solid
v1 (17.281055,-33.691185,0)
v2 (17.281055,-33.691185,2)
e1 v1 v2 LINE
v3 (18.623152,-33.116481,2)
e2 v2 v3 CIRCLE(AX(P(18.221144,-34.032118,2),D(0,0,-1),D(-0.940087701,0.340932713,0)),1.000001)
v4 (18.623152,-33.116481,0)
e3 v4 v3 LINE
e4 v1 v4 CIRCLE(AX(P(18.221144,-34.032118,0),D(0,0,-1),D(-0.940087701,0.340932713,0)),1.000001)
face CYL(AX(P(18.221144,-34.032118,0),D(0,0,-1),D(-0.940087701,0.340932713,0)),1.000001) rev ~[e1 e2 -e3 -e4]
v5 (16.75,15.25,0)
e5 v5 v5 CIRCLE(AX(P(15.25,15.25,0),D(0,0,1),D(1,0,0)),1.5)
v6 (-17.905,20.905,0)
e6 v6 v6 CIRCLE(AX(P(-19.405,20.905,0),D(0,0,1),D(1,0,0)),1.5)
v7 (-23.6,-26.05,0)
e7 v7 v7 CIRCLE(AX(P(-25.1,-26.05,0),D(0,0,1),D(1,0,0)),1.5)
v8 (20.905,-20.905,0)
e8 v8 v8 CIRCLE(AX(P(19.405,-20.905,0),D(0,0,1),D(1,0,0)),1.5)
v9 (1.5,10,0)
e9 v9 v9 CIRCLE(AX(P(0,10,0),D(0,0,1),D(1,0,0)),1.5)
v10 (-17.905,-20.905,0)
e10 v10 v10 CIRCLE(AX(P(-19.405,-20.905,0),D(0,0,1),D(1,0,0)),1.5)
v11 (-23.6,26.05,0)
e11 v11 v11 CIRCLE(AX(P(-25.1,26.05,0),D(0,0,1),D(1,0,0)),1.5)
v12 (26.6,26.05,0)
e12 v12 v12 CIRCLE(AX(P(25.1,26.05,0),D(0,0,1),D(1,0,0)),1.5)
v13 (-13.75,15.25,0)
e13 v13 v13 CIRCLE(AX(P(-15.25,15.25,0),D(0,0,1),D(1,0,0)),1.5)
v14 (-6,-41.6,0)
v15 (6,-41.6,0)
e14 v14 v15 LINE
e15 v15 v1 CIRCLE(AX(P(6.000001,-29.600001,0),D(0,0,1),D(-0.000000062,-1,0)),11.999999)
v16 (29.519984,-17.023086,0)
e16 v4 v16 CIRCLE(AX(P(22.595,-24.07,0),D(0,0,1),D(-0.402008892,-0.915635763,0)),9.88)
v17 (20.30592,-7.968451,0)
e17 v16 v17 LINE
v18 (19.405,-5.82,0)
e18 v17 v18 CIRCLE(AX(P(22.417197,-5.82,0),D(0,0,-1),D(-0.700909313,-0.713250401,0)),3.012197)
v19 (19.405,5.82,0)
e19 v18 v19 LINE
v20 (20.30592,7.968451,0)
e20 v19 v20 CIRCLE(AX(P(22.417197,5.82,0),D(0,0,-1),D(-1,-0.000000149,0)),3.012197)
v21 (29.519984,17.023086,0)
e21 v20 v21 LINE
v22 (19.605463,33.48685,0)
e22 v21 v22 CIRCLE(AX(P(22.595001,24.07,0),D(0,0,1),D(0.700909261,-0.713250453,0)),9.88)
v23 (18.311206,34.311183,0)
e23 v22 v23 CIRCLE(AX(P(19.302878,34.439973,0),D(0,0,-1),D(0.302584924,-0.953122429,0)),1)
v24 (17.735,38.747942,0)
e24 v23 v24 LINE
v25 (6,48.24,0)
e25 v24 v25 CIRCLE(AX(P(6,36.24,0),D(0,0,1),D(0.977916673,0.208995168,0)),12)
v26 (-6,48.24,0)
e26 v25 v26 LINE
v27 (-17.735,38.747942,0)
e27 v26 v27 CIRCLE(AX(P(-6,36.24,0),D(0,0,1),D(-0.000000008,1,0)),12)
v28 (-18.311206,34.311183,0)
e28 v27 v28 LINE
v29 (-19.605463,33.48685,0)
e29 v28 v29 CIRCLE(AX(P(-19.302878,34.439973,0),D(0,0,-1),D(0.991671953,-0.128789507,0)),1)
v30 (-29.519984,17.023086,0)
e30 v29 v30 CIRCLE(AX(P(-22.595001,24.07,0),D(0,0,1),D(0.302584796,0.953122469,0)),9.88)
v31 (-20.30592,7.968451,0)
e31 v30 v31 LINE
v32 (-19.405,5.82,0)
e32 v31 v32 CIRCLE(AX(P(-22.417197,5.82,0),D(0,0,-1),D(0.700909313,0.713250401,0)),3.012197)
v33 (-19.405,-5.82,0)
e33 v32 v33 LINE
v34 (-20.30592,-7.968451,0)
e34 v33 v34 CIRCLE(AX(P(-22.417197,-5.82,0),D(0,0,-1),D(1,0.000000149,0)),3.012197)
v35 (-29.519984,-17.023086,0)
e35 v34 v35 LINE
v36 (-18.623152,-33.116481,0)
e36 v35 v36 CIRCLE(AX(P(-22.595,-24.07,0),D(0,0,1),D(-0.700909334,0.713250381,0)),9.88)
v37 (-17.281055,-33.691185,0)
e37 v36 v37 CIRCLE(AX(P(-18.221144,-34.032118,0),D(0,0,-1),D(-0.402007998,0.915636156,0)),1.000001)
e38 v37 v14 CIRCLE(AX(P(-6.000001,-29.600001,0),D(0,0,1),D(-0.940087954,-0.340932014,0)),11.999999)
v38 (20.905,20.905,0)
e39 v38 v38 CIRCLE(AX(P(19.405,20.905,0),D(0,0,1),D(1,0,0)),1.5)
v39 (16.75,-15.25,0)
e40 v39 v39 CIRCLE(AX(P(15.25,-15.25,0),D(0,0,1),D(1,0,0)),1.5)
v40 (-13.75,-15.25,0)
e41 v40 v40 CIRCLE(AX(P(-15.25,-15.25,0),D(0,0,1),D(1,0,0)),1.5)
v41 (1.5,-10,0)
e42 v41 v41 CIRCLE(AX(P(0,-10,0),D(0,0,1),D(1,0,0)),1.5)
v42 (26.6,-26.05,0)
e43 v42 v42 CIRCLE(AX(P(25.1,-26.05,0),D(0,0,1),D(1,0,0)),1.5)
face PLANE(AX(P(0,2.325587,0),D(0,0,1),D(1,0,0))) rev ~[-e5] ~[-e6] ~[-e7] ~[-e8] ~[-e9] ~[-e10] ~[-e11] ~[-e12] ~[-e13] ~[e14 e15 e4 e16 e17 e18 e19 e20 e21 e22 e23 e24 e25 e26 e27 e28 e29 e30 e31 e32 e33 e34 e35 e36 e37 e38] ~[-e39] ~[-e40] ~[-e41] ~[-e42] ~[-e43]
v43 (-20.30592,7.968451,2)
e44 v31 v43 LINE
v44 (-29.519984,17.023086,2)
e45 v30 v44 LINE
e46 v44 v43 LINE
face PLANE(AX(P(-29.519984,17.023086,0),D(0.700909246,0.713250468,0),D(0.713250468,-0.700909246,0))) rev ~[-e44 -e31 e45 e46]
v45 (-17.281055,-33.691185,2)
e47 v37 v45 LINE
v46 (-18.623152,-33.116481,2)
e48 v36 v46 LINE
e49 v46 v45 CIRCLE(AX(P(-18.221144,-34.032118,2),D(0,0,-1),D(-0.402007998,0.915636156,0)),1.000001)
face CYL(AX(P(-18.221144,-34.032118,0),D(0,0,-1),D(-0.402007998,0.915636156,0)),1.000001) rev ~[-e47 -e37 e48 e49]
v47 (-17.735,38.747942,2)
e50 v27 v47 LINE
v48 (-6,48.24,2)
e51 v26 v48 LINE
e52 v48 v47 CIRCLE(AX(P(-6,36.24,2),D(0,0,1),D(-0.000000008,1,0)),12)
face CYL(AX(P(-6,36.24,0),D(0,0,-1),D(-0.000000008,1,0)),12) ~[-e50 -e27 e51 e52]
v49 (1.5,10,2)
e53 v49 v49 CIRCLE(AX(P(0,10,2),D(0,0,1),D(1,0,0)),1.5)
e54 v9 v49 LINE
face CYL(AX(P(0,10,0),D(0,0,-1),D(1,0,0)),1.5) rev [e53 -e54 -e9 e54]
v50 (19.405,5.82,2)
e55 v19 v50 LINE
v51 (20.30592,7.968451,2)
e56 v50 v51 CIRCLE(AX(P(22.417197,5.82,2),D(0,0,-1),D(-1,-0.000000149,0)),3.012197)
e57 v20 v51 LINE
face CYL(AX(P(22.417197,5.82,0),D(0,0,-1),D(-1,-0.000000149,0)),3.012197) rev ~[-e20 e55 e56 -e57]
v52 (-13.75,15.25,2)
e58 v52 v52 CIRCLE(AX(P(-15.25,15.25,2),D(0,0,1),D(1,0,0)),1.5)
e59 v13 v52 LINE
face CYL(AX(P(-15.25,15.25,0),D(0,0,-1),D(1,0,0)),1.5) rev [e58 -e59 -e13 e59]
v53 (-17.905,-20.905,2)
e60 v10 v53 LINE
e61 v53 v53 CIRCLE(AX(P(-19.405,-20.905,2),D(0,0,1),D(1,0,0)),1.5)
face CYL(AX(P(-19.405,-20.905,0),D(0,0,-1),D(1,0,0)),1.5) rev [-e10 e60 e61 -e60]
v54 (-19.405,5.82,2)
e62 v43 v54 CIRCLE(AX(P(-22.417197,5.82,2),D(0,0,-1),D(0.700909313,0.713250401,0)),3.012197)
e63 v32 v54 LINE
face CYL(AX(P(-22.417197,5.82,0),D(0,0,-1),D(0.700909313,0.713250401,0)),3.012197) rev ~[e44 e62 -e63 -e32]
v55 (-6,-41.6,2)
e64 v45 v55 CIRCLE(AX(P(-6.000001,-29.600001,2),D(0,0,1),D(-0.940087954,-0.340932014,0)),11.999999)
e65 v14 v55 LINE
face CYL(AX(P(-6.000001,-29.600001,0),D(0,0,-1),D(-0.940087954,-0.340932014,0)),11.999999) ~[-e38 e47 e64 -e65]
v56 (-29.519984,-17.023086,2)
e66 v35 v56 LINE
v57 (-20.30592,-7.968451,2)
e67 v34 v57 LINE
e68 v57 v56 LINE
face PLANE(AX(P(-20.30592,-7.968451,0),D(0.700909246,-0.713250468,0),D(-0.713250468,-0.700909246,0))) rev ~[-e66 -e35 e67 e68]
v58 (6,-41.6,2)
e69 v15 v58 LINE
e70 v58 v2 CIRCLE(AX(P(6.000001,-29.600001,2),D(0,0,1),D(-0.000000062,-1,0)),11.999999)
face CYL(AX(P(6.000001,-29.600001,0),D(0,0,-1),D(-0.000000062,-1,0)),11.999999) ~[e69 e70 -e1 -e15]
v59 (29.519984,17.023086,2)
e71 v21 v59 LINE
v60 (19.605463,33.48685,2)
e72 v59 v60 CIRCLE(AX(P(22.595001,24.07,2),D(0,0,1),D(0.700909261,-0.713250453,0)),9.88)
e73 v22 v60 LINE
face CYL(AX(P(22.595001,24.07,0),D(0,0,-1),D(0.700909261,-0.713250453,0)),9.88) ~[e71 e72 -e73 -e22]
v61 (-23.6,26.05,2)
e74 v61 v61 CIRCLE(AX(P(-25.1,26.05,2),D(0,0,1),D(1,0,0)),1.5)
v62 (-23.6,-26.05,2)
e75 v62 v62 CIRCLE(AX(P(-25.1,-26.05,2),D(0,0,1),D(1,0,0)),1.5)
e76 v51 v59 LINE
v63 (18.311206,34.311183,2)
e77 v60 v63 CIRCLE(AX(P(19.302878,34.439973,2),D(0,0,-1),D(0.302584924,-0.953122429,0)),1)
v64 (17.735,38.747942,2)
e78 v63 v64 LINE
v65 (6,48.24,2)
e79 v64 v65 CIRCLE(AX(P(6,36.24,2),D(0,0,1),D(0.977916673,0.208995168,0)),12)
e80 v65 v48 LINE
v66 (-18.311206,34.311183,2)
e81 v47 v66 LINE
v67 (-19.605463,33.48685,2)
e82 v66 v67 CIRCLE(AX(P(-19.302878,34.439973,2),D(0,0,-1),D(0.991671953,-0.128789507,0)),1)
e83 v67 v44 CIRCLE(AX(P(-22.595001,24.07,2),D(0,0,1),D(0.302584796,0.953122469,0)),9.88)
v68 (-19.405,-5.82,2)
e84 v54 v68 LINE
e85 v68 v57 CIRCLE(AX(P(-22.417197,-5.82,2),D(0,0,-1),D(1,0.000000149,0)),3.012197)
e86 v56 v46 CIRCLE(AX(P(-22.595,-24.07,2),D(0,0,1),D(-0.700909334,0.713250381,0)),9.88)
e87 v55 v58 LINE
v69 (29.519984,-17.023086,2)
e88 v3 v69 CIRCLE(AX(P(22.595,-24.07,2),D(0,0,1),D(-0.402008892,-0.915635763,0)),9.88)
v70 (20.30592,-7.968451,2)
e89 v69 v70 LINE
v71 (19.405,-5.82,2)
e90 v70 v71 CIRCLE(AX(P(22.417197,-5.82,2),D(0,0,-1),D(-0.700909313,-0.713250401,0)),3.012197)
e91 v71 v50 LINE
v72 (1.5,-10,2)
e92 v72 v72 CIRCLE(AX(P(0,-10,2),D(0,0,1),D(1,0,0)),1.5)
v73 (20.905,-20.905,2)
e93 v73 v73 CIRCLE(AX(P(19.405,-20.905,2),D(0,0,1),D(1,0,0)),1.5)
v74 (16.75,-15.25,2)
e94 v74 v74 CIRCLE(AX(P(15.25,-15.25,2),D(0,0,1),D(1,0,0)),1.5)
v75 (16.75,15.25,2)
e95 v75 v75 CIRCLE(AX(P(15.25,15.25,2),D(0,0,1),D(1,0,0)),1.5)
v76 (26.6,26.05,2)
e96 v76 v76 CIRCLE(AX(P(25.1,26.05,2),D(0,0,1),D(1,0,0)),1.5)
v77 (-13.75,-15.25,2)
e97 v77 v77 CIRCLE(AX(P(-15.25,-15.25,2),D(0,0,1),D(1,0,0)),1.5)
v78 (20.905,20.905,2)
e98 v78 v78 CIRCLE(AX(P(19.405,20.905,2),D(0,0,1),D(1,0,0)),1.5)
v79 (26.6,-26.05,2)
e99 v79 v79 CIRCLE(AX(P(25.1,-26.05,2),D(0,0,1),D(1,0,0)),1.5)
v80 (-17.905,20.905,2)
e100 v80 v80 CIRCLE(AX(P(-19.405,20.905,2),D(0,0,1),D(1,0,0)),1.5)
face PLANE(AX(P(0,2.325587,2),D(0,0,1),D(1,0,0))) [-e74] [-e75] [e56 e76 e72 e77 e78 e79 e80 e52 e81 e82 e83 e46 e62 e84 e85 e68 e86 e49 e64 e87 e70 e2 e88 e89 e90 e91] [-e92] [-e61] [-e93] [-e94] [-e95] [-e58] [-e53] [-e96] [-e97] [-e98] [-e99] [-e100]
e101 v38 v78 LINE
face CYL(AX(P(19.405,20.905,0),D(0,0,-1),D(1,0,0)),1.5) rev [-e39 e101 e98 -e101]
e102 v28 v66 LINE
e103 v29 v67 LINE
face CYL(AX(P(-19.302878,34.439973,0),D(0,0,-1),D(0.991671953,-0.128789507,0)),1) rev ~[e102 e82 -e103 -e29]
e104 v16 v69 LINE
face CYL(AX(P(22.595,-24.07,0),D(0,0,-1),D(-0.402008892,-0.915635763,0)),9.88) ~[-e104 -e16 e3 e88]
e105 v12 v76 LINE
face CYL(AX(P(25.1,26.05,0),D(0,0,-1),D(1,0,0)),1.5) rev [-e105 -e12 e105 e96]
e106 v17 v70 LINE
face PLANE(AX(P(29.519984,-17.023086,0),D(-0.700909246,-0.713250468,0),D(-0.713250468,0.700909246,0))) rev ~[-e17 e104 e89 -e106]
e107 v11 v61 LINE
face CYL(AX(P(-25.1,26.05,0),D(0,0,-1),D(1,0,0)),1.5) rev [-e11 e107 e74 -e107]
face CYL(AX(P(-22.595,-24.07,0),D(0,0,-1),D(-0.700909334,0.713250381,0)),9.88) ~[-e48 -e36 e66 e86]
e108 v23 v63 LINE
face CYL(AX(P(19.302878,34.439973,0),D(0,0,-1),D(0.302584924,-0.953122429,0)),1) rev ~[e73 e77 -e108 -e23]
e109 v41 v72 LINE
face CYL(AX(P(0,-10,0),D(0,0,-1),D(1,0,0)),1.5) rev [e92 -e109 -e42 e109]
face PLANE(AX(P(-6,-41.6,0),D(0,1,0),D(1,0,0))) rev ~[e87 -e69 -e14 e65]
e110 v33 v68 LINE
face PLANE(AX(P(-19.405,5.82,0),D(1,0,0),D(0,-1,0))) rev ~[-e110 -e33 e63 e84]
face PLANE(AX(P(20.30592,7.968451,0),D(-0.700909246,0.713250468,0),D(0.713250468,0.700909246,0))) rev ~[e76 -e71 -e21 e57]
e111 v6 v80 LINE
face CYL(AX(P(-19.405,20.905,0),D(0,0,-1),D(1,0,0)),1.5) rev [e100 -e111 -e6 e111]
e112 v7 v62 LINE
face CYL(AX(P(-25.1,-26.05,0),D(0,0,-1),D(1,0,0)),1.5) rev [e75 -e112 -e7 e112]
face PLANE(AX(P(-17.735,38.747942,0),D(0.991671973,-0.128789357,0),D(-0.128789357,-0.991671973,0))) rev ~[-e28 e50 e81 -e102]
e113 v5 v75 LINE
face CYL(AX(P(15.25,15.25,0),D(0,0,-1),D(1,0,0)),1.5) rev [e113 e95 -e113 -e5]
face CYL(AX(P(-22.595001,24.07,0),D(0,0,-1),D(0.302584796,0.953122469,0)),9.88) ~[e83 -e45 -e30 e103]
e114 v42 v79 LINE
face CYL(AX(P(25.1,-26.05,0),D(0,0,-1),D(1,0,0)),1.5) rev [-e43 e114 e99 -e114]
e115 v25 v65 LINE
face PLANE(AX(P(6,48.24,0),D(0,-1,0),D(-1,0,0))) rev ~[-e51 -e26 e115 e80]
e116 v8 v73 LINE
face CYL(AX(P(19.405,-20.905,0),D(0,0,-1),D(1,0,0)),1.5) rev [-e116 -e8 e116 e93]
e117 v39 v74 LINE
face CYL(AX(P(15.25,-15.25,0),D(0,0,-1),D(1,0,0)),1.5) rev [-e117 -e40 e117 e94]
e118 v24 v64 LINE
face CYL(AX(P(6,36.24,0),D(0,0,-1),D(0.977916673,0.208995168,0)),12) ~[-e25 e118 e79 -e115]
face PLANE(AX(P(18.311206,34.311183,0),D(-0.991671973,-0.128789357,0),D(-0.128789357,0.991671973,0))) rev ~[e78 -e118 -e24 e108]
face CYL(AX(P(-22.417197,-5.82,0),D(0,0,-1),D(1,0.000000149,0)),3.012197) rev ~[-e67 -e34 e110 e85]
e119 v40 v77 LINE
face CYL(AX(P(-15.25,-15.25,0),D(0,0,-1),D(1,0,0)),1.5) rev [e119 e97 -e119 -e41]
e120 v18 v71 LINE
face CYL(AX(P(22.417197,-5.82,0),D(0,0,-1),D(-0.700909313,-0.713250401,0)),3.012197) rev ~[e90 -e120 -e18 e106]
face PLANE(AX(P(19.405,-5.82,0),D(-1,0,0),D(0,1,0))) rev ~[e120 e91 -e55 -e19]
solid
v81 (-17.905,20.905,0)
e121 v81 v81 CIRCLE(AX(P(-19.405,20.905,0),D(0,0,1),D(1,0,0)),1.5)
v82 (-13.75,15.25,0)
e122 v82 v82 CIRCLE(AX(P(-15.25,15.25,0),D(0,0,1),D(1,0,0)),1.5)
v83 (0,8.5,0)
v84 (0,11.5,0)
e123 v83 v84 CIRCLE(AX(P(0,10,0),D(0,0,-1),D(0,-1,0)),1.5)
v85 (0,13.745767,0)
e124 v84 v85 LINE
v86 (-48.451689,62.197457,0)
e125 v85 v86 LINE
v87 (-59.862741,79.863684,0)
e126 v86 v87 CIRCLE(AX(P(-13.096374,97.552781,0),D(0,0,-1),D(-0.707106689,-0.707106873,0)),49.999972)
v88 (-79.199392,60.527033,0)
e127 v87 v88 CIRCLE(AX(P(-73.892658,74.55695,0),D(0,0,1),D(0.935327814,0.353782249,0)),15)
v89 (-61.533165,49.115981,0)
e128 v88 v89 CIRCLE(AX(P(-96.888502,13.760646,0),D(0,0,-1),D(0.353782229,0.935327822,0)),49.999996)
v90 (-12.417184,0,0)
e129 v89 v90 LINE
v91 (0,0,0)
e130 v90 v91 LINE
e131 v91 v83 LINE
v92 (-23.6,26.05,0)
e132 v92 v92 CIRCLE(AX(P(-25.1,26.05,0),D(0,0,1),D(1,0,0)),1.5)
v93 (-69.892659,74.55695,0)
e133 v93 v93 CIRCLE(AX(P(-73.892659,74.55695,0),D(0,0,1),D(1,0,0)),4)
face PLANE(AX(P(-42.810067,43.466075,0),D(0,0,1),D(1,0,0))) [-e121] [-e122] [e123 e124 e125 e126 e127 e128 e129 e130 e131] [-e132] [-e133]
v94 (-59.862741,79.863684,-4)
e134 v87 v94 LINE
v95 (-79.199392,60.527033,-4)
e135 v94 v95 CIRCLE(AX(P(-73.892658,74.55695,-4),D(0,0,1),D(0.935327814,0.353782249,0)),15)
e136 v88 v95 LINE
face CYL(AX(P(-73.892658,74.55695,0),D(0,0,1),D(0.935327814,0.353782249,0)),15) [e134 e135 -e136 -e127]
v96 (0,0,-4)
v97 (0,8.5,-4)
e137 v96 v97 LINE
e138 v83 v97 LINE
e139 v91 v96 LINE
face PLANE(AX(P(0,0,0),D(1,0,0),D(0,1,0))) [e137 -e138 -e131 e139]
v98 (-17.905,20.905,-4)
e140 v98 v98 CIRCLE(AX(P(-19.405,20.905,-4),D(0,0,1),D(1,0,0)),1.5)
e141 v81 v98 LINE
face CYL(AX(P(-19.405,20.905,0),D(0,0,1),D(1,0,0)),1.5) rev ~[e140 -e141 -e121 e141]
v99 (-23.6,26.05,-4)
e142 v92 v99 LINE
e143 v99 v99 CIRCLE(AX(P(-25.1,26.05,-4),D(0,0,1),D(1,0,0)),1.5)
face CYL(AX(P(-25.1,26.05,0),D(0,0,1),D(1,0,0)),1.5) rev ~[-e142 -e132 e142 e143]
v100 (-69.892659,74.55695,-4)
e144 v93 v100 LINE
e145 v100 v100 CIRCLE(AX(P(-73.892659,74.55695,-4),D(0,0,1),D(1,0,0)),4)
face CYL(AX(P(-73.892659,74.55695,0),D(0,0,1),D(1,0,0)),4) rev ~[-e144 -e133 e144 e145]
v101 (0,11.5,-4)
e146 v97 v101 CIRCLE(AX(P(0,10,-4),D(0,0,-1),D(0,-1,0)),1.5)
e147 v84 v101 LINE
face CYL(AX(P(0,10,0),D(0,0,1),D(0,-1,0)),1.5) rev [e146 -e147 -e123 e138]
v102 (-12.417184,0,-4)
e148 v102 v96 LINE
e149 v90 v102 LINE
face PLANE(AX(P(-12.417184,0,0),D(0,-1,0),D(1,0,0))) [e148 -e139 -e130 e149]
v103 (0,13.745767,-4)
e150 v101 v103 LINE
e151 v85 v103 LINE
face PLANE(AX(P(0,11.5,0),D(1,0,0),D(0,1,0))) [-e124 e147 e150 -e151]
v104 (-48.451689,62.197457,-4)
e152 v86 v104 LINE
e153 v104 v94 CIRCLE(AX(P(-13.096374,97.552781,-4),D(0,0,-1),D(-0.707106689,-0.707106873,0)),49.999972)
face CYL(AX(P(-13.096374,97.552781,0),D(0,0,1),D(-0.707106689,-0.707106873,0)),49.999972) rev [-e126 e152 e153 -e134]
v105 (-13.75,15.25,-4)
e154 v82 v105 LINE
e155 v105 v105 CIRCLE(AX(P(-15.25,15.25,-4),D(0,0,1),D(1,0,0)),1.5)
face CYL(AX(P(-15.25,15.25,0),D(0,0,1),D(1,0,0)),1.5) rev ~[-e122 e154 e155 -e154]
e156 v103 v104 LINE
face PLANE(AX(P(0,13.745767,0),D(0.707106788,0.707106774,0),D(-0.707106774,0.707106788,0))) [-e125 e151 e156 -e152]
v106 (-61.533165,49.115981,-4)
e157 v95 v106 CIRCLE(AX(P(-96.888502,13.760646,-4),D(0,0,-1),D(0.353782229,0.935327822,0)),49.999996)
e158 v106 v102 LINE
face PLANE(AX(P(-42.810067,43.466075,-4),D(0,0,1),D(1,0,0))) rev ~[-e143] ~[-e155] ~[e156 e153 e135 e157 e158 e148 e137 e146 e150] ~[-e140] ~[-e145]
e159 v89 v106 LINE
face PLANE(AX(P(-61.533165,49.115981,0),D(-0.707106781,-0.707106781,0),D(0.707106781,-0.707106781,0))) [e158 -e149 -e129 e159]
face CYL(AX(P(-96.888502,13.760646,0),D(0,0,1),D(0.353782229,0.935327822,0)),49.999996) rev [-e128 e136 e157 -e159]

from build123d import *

# Parameters (mm, degrees)
F0_R     = 1.5
F1_DEPTH = 2
F2_R     = 1.5
F2_R_2   = 4
F3_DEPTH = 4


with BuildPart() as f1:
    # F0 (on Top) → F1 (new body)
    with BuildSketch(Plane.XY):
        with BuildLine():
            Line((6, 48.24), (-6, 48.24))
            ThreePointArc((-6, 48.24), (-13.546678, 45.569933), (-17.735, 38.747942))
            Line((-17.735, 38.747942), (-18.311206, 34.311183))
            ThreePointArc((-18.311206, 34.311183), (-18.765671, 33.596522), (-19.605463, 33.48685))
            ThreePointArc((-19.605463, 33.48685), (-31.058795, 29.166919), (-29.519984, 17.023086))
            Line((-29.519984, 17.023086), (-20.30592, 7.968451))
            ThreePointArc((-20.30592, 7.968451), (-19.639346, 6.98485), (-19.405, 5.82))
            Line((-19.405, 5.82), (-19.405, -5.82))
            ThreePointArc((-19.405, -5.82), (-19.639346, -6.98485), (-20.30592, -7.968451))
            Line((-20.30592, -7.968451), (-29.519984, -17.023086))
            ThreePointArc((-29.519984, -17.023086), (-30.776051, -29.609386), (-18.623152, -33.116481))
            ThreePointArc((-18.623152, -33.116481), (-17.827502, -33.112853), (-17.281055, -33.691185))
            ThreePointArc((-17.281055, -33.691185), (-12.888606, -39.425839), (-6, -41.6))
            Line((-6, -41.6), (6, -41.6))
            ThreePointArc((6, -41.6), (12.888606, -39.425839), (17.281055, -33.691185))
            ThreePointArc((17.281055, -33.691185), (17.827502, -33.112853), (18.623152, -33.116481))
            ThreePointArc((18.623152, -33.116481), (30.776051, -29.609386), (29.519984, -17.023086))
            Line((29.519984, -17.023086), (20.30592, -7.968451))
            ThreePointArc((20.30592, -7.968451), (19.639346, -6.98485), (19.405, -5.82))
            Line((19.405, -5.82), (19.405, 5.82))
            ThreePointArc((19.405, 5.82), (19.639346, 6.98485), (20.30592, 7.968451))
            Line((20.30592, 7.968451), (29.519984, 17.023086))
            ThreePointArc((29.519984, 17.023086), (31.058795, 29.166919), (19.605463, 33.48685))
            ThreePointArc((19.605463, 33.48685), (18.765671, 33.596522), (18.311206, 34.311183))
            Line((18.311206, 34.311183), (17.735, 38.747942))
            ThreePointArc((17.735, 38.747942), (13.546678, 45.569933), (6, 48.24))
        make_face()
        with Locations((-25.1, -26.05)):
            Circle(F0_R, mode=Mode.SUBTRACT)
        with Locations((-19.405, -20.905)):
            Circle(F0_R, mode=Mode.SUBTRACT)
        with Locations((-15.25, -15.25)):
            Circle(F0_R, mode=Mode.SUBTRACT)
        with Locations((0, -10)):
            Circle(F0_R, mode=Mode.SUBTRACT)
        with Locations((19.405, -20.905)):
            Circle(F0_R, mode=Mode.SUBTRACT)
        with Locations((25.1, -26.05)):
            Circle(F0_R, mode=Mode.SUBTRACT)
        with Locations((15.25, -15.25)):
            Circle(F0_R, mode=Mode.SUBTRACT)
        with Locations((-19.405, 20.905)):
            Circle(F0_R, mode=Mode.SUBTRACT)
        with Locations((0, 10)):
            Circle(F0_R, mode=Mode.SUBTRACT)
        with Locations((-15.25, 15.25)):
            Circle(F0_R, mode=Mode.SUBTRACT)
        with Locations((-25.1, 26.05)):
            Circle(F0_R, mode=Mode.SUBTRACT)
        with Locations((15.25, 15.25)):
            Circle(F0_R, mode=Mode.SUBTRACT)
        with Locations((19.405, 20.905)):
            Circle(F0_R, mode=Mode.SUBTRACT)
        with Locations((25.1, 26.05)):
            Circle(F0_R, mode=Mode.SUBTRACT)
    extrude(amount=F1_DEPTH)


with BuildPart() as f3:
    # F2 (on Top) → F3 (new body)
    with BuildSketch(Plane.XY):
        with BuildLine():
            ThreePointArc((-48.451689, 62.197457), (-55.096571, 70.423817), (-59.862741, 79.863684))
            ThreePointArc((-59.862741, 79.863684), (-84.49926, 85.163552), (-79.199392, 60.527033))
            ThreePointArc((-79.199392, 60.527033), (-69.759526, 55.760863), (-61.533165, 49.115981))
            Line((-61.533165, 49.115981), (-12.417184, 0))
            Line((-12.417184, 0), (0, 0))
            Line((0, 0), (0, 0.664292))
            Line((0, 0.664292), (0, 8.5))
            ThreePointArc((0, 8.5), (-1.5, 10), (0, 11.5))
            Line((0, 11.5), (0, 13.745767))
            Line((0, 13.745767), (-48.451689, 62.197457))
        make_face()
        with Locations((-15.25, 15.25)):
            Circle(F2_R, mode=Mode.SUBTRACT)
        with Locations((-19.405, 20.905)):
            Circle(F2_R, mode=Mode.SUBTRACT)
        with Locations((-25.1, 26.05)):
            Circle(F2_R, mode=Mode.SUBTRACT)
        with Locations((-73.892659, 74.55695)):
            Circle(F2_R_2, mode=Mode.SUBTRACT)
    extrude(amount=-F3_DEPTH)


solid = Compound([f1.part, f3.part])
